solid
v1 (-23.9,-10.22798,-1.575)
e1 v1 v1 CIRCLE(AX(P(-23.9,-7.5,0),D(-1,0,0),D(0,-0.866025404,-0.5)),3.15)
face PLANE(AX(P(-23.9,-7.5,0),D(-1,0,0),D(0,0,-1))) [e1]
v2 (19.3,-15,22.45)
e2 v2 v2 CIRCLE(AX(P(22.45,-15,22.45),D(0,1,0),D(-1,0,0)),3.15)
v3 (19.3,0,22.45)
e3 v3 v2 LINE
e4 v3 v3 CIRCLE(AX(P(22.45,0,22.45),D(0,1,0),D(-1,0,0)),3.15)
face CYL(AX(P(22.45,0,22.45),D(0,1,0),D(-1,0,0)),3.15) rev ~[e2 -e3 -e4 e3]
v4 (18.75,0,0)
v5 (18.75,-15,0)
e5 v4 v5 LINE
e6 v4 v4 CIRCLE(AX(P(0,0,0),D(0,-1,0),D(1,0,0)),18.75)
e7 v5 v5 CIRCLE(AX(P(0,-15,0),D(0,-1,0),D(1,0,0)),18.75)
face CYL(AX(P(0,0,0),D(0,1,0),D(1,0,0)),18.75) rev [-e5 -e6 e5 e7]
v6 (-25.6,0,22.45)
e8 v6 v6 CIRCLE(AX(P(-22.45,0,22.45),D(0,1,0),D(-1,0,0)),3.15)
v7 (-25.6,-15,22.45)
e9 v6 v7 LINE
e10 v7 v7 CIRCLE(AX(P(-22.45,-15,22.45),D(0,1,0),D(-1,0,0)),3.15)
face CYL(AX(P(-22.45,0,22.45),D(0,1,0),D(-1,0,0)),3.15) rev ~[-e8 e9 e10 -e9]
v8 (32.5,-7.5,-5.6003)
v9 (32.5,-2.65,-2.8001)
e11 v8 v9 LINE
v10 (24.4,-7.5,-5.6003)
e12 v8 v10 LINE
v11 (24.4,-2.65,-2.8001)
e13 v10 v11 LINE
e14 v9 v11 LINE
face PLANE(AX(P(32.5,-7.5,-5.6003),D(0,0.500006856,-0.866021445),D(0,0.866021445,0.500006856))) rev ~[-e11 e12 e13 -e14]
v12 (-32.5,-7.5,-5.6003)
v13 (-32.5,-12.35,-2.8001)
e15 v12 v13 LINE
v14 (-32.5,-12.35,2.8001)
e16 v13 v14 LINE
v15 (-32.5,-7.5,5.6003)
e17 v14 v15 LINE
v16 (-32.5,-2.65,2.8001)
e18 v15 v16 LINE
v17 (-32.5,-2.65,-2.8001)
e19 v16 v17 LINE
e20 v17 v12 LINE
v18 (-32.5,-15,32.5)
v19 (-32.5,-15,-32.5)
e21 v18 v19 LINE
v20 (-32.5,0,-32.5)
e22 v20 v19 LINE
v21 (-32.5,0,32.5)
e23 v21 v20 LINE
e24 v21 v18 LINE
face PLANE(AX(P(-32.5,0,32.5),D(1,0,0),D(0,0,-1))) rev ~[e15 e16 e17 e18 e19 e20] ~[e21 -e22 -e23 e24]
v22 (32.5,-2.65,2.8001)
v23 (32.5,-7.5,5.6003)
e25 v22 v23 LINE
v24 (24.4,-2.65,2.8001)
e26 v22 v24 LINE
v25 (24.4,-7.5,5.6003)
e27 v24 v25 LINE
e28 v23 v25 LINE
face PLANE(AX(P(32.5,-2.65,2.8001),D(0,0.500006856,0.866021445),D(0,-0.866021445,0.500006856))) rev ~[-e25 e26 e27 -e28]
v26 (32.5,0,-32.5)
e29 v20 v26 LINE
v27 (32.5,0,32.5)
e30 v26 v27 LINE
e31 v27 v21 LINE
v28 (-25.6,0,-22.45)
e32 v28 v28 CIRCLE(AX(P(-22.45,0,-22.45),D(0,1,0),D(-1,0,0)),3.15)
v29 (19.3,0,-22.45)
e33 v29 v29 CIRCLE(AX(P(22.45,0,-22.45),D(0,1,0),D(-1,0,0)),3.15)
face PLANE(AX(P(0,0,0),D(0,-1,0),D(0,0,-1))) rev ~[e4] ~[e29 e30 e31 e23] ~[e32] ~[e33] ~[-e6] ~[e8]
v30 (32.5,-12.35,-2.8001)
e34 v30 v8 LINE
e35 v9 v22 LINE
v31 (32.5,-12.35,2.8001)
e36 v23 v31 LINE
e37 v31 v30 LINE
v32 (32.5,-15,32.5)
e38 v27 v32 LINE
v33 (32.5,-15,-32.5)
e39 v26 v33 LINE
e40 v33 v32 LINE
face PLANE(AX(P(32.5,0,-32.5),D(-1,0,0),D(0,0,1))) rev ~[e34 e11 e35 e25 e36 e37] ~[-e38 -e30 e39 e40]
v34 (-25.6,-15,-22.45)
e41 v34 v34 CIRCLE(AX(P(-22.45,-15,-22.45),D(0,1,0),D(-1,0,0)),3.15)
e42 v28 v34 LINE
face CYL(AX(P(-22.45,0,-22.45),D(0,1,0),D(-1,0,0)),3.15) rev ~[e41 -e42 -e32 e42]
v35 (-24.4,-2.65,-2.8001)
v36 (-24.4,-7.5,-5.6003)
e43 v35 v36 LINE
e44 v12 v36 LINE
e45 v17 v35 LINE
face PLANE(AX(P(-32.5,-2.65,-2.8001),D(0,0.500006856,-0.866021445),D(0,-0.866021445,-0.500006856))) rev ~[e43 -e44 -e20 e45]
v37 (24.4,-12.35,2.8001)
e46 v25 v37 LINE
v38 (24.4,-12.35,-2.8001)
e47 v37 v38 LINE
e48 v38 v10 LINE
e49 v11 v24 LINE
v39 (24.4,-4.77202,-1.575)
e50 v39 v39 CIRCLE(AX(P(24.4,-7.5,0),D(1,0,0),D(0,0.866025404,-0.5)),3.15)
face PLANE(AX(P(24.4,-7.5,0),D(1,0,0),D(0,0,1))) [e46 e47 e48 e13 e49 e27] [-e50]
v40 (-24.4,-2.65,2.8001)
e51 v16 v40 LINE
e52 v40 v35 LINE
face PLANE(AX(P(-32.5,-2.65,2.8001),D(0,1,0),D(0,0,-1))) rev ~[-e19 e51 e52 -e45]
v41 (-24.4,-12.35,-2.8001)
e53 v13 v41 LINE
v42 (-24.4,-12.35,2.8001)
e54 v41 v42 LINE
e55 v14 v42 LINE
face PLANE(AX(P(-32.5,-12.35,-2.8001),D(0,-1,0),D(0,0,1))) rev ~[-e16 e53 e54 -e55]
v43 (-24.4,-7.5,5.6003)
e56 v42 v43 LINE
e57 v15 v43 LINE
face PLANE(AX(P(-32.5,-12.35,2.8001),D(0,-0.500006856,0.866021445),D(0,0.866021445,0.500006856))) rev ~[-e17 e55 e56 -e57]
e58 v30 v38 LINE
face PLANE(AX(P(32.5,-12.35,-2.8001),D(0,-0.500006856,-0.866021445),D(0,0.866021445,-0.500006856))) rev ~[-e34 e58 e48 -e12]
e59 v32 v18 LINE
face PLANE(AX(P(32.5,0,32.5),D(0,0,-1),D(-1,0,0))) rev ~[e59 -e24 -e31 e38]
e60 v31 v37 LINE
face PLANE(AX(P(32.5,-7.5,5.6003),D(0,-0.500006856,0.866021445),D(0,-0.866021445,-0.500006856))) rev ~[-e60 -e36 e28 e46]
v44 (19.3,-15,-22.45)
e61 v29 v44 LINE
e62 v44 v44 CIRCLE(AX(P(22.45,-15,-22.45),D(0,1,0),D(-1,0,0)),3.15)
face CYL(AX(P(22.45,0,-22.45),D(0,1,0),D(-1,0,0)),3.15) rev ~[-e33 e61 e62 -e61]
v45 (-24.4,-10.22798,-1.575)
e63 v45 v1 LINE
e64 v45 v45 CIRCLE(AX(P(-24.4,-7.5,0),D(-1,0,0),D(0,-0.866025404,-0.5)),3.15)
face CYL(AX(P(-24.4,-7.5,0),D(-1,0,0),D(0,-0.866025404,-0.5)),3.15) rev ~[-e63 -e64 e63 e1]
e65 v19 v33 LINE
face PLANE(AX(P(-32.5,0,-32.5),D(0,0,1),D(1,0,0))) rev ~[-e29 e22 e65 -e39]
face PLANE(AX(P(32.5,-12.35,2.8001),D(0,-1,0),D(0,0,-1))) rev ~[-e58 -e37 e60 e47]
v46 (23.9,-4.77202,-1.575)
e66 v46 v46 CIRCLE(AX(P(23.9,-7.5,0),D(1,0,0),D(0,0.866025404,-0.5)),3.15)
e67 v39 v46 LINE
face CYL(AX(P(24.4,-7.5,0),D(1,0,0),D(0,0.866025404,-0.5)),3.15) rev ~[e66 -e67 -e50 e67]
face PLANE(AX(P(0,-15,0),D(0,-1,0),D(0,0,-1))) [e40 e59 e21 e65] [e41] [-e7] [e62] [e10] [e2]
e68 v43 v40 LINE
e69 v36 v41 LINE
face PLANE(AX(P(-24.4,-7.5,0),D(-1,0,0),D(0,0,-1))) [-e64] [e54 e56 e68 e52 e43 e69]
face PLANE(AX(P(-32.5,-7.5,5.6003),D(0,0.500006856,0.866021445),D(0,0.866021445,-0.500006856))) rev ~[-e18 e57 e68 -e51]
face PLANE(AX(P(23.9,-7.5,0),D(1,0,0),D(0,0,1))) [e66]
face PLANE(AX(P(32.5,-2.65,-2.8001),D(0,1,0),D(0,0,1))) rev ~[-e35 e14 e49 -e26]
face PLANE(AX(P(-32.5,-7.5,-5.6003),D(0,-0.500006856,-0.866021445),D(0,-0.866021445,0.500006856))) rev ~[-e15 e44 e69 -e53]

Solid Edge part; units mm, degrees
sketch "Sketch1" plane through (0, 0, 0) normal (0, -1, 0) x (1, 0, 0)
  line L0 (32.5, -32.5) -> (32.5, 32.5)
  line L1 (32.5, 32.5) -> (-32.5, 32.5)
  line L2 (-32.5, 32.5) -> (-32.5, -32.5)
  line L3 (-32.5, -32.5) -> (32.5, -32.5)
  circle A0 centre (0, 0) radius 18.75
  dimension "D1" = 37.5
  dimension "D2" = 65
  dimension "D3" = 65
extrude "Protrusion1" add sketch "Sketch1" along normal blind 15
sketch "Sketch2" plane through (-32.5, -7.5, 0) normal (-1, 0, 0) x (0, -1, 0)
  line L0 (4.85, 2.8001) -> (0, 5.6003)
  line L1 (0, 5.6003) -> (-4.85, 2.8001)
  line L2 (-4.85, 2.8001) -> (-4.85, -2.8001)
  line L3 (-4.85, -2.8001) -> (0, -5.6003)
  line L4 (0, -5.6003) -> (4.85, -2.8001)
  line L5 (4.85, -2.8001) -> (4.85, 2.8001)
extrude "ExtrudedCutout_2" cut sketch "Sketch2" against normal blind 8.1
sketch "Sketch3" plane through (32.5, -7.5, 0) normal (1, 0, 0) x (0, 1, 0)
  line L0 (-4.85, -2.8001) -> (0, -5.6003)
  line L1 (0, -5.6003) -> (4.85, -2.8001)
  line L2 (4.85, -2.8001) -> (4.85, 2.8001)
  line L3 (4.85, 2.8001) -> (0, 5.6003)
  line L4 (0, 5.6003) -> (-4.85, 2.8001)
  line L5 (-4.85, 2.8001) -> (-4.85, -2.8001)
extrude "ExtrudedCutout_3" cut sketch "Sketch3" against normal blind 8.1
sketch "Sketch4" plane through (-24.4, -7.5, 0) normal (-1, 0, 0) x (0, -0.866, -0.5)
  circle A0 centre (0, 0) radius 3.15
extrude "ExtrudedCutout_4" cut sketch "Sketch4" against normal blind 0.5
sketch "Sketch5" plane through (24.4, -7.5, 0) normal (1, 0, 0) x (0, 0.866, -0.5)
  circle A0 centre (0, 0) radius 3.15
extrude "ExtrudedCutout_5" cut sketch "Sketch5" against normal blind 0.5
sketch "Sketch6" plane through (0, 0, 0) normal (0, 1, 0) x (-1, 0, 0)
  circle A0 centre (-22.45, 22.45) radius 3.15
  circle A1 centre (22.45, 22.45) radius 3.15
  circle A2 centre (22.45, -22.45) radius 3.15
  circle A3 centre (-22.45, -22.45) radius 3.15
  dimension "D1" = 6.3
  dimension "D2" = 6.3
  dimension "D3" = 6.3
  dimension "D4" = 6.3
  dimension "D5" = 22.45
  dimension "D6" = 44.9
  dimension "D7" = 44.9
  dimension "D8" = 22.45
extrude "Cutout1" cut sketch "Sketch6" against normal up to next
